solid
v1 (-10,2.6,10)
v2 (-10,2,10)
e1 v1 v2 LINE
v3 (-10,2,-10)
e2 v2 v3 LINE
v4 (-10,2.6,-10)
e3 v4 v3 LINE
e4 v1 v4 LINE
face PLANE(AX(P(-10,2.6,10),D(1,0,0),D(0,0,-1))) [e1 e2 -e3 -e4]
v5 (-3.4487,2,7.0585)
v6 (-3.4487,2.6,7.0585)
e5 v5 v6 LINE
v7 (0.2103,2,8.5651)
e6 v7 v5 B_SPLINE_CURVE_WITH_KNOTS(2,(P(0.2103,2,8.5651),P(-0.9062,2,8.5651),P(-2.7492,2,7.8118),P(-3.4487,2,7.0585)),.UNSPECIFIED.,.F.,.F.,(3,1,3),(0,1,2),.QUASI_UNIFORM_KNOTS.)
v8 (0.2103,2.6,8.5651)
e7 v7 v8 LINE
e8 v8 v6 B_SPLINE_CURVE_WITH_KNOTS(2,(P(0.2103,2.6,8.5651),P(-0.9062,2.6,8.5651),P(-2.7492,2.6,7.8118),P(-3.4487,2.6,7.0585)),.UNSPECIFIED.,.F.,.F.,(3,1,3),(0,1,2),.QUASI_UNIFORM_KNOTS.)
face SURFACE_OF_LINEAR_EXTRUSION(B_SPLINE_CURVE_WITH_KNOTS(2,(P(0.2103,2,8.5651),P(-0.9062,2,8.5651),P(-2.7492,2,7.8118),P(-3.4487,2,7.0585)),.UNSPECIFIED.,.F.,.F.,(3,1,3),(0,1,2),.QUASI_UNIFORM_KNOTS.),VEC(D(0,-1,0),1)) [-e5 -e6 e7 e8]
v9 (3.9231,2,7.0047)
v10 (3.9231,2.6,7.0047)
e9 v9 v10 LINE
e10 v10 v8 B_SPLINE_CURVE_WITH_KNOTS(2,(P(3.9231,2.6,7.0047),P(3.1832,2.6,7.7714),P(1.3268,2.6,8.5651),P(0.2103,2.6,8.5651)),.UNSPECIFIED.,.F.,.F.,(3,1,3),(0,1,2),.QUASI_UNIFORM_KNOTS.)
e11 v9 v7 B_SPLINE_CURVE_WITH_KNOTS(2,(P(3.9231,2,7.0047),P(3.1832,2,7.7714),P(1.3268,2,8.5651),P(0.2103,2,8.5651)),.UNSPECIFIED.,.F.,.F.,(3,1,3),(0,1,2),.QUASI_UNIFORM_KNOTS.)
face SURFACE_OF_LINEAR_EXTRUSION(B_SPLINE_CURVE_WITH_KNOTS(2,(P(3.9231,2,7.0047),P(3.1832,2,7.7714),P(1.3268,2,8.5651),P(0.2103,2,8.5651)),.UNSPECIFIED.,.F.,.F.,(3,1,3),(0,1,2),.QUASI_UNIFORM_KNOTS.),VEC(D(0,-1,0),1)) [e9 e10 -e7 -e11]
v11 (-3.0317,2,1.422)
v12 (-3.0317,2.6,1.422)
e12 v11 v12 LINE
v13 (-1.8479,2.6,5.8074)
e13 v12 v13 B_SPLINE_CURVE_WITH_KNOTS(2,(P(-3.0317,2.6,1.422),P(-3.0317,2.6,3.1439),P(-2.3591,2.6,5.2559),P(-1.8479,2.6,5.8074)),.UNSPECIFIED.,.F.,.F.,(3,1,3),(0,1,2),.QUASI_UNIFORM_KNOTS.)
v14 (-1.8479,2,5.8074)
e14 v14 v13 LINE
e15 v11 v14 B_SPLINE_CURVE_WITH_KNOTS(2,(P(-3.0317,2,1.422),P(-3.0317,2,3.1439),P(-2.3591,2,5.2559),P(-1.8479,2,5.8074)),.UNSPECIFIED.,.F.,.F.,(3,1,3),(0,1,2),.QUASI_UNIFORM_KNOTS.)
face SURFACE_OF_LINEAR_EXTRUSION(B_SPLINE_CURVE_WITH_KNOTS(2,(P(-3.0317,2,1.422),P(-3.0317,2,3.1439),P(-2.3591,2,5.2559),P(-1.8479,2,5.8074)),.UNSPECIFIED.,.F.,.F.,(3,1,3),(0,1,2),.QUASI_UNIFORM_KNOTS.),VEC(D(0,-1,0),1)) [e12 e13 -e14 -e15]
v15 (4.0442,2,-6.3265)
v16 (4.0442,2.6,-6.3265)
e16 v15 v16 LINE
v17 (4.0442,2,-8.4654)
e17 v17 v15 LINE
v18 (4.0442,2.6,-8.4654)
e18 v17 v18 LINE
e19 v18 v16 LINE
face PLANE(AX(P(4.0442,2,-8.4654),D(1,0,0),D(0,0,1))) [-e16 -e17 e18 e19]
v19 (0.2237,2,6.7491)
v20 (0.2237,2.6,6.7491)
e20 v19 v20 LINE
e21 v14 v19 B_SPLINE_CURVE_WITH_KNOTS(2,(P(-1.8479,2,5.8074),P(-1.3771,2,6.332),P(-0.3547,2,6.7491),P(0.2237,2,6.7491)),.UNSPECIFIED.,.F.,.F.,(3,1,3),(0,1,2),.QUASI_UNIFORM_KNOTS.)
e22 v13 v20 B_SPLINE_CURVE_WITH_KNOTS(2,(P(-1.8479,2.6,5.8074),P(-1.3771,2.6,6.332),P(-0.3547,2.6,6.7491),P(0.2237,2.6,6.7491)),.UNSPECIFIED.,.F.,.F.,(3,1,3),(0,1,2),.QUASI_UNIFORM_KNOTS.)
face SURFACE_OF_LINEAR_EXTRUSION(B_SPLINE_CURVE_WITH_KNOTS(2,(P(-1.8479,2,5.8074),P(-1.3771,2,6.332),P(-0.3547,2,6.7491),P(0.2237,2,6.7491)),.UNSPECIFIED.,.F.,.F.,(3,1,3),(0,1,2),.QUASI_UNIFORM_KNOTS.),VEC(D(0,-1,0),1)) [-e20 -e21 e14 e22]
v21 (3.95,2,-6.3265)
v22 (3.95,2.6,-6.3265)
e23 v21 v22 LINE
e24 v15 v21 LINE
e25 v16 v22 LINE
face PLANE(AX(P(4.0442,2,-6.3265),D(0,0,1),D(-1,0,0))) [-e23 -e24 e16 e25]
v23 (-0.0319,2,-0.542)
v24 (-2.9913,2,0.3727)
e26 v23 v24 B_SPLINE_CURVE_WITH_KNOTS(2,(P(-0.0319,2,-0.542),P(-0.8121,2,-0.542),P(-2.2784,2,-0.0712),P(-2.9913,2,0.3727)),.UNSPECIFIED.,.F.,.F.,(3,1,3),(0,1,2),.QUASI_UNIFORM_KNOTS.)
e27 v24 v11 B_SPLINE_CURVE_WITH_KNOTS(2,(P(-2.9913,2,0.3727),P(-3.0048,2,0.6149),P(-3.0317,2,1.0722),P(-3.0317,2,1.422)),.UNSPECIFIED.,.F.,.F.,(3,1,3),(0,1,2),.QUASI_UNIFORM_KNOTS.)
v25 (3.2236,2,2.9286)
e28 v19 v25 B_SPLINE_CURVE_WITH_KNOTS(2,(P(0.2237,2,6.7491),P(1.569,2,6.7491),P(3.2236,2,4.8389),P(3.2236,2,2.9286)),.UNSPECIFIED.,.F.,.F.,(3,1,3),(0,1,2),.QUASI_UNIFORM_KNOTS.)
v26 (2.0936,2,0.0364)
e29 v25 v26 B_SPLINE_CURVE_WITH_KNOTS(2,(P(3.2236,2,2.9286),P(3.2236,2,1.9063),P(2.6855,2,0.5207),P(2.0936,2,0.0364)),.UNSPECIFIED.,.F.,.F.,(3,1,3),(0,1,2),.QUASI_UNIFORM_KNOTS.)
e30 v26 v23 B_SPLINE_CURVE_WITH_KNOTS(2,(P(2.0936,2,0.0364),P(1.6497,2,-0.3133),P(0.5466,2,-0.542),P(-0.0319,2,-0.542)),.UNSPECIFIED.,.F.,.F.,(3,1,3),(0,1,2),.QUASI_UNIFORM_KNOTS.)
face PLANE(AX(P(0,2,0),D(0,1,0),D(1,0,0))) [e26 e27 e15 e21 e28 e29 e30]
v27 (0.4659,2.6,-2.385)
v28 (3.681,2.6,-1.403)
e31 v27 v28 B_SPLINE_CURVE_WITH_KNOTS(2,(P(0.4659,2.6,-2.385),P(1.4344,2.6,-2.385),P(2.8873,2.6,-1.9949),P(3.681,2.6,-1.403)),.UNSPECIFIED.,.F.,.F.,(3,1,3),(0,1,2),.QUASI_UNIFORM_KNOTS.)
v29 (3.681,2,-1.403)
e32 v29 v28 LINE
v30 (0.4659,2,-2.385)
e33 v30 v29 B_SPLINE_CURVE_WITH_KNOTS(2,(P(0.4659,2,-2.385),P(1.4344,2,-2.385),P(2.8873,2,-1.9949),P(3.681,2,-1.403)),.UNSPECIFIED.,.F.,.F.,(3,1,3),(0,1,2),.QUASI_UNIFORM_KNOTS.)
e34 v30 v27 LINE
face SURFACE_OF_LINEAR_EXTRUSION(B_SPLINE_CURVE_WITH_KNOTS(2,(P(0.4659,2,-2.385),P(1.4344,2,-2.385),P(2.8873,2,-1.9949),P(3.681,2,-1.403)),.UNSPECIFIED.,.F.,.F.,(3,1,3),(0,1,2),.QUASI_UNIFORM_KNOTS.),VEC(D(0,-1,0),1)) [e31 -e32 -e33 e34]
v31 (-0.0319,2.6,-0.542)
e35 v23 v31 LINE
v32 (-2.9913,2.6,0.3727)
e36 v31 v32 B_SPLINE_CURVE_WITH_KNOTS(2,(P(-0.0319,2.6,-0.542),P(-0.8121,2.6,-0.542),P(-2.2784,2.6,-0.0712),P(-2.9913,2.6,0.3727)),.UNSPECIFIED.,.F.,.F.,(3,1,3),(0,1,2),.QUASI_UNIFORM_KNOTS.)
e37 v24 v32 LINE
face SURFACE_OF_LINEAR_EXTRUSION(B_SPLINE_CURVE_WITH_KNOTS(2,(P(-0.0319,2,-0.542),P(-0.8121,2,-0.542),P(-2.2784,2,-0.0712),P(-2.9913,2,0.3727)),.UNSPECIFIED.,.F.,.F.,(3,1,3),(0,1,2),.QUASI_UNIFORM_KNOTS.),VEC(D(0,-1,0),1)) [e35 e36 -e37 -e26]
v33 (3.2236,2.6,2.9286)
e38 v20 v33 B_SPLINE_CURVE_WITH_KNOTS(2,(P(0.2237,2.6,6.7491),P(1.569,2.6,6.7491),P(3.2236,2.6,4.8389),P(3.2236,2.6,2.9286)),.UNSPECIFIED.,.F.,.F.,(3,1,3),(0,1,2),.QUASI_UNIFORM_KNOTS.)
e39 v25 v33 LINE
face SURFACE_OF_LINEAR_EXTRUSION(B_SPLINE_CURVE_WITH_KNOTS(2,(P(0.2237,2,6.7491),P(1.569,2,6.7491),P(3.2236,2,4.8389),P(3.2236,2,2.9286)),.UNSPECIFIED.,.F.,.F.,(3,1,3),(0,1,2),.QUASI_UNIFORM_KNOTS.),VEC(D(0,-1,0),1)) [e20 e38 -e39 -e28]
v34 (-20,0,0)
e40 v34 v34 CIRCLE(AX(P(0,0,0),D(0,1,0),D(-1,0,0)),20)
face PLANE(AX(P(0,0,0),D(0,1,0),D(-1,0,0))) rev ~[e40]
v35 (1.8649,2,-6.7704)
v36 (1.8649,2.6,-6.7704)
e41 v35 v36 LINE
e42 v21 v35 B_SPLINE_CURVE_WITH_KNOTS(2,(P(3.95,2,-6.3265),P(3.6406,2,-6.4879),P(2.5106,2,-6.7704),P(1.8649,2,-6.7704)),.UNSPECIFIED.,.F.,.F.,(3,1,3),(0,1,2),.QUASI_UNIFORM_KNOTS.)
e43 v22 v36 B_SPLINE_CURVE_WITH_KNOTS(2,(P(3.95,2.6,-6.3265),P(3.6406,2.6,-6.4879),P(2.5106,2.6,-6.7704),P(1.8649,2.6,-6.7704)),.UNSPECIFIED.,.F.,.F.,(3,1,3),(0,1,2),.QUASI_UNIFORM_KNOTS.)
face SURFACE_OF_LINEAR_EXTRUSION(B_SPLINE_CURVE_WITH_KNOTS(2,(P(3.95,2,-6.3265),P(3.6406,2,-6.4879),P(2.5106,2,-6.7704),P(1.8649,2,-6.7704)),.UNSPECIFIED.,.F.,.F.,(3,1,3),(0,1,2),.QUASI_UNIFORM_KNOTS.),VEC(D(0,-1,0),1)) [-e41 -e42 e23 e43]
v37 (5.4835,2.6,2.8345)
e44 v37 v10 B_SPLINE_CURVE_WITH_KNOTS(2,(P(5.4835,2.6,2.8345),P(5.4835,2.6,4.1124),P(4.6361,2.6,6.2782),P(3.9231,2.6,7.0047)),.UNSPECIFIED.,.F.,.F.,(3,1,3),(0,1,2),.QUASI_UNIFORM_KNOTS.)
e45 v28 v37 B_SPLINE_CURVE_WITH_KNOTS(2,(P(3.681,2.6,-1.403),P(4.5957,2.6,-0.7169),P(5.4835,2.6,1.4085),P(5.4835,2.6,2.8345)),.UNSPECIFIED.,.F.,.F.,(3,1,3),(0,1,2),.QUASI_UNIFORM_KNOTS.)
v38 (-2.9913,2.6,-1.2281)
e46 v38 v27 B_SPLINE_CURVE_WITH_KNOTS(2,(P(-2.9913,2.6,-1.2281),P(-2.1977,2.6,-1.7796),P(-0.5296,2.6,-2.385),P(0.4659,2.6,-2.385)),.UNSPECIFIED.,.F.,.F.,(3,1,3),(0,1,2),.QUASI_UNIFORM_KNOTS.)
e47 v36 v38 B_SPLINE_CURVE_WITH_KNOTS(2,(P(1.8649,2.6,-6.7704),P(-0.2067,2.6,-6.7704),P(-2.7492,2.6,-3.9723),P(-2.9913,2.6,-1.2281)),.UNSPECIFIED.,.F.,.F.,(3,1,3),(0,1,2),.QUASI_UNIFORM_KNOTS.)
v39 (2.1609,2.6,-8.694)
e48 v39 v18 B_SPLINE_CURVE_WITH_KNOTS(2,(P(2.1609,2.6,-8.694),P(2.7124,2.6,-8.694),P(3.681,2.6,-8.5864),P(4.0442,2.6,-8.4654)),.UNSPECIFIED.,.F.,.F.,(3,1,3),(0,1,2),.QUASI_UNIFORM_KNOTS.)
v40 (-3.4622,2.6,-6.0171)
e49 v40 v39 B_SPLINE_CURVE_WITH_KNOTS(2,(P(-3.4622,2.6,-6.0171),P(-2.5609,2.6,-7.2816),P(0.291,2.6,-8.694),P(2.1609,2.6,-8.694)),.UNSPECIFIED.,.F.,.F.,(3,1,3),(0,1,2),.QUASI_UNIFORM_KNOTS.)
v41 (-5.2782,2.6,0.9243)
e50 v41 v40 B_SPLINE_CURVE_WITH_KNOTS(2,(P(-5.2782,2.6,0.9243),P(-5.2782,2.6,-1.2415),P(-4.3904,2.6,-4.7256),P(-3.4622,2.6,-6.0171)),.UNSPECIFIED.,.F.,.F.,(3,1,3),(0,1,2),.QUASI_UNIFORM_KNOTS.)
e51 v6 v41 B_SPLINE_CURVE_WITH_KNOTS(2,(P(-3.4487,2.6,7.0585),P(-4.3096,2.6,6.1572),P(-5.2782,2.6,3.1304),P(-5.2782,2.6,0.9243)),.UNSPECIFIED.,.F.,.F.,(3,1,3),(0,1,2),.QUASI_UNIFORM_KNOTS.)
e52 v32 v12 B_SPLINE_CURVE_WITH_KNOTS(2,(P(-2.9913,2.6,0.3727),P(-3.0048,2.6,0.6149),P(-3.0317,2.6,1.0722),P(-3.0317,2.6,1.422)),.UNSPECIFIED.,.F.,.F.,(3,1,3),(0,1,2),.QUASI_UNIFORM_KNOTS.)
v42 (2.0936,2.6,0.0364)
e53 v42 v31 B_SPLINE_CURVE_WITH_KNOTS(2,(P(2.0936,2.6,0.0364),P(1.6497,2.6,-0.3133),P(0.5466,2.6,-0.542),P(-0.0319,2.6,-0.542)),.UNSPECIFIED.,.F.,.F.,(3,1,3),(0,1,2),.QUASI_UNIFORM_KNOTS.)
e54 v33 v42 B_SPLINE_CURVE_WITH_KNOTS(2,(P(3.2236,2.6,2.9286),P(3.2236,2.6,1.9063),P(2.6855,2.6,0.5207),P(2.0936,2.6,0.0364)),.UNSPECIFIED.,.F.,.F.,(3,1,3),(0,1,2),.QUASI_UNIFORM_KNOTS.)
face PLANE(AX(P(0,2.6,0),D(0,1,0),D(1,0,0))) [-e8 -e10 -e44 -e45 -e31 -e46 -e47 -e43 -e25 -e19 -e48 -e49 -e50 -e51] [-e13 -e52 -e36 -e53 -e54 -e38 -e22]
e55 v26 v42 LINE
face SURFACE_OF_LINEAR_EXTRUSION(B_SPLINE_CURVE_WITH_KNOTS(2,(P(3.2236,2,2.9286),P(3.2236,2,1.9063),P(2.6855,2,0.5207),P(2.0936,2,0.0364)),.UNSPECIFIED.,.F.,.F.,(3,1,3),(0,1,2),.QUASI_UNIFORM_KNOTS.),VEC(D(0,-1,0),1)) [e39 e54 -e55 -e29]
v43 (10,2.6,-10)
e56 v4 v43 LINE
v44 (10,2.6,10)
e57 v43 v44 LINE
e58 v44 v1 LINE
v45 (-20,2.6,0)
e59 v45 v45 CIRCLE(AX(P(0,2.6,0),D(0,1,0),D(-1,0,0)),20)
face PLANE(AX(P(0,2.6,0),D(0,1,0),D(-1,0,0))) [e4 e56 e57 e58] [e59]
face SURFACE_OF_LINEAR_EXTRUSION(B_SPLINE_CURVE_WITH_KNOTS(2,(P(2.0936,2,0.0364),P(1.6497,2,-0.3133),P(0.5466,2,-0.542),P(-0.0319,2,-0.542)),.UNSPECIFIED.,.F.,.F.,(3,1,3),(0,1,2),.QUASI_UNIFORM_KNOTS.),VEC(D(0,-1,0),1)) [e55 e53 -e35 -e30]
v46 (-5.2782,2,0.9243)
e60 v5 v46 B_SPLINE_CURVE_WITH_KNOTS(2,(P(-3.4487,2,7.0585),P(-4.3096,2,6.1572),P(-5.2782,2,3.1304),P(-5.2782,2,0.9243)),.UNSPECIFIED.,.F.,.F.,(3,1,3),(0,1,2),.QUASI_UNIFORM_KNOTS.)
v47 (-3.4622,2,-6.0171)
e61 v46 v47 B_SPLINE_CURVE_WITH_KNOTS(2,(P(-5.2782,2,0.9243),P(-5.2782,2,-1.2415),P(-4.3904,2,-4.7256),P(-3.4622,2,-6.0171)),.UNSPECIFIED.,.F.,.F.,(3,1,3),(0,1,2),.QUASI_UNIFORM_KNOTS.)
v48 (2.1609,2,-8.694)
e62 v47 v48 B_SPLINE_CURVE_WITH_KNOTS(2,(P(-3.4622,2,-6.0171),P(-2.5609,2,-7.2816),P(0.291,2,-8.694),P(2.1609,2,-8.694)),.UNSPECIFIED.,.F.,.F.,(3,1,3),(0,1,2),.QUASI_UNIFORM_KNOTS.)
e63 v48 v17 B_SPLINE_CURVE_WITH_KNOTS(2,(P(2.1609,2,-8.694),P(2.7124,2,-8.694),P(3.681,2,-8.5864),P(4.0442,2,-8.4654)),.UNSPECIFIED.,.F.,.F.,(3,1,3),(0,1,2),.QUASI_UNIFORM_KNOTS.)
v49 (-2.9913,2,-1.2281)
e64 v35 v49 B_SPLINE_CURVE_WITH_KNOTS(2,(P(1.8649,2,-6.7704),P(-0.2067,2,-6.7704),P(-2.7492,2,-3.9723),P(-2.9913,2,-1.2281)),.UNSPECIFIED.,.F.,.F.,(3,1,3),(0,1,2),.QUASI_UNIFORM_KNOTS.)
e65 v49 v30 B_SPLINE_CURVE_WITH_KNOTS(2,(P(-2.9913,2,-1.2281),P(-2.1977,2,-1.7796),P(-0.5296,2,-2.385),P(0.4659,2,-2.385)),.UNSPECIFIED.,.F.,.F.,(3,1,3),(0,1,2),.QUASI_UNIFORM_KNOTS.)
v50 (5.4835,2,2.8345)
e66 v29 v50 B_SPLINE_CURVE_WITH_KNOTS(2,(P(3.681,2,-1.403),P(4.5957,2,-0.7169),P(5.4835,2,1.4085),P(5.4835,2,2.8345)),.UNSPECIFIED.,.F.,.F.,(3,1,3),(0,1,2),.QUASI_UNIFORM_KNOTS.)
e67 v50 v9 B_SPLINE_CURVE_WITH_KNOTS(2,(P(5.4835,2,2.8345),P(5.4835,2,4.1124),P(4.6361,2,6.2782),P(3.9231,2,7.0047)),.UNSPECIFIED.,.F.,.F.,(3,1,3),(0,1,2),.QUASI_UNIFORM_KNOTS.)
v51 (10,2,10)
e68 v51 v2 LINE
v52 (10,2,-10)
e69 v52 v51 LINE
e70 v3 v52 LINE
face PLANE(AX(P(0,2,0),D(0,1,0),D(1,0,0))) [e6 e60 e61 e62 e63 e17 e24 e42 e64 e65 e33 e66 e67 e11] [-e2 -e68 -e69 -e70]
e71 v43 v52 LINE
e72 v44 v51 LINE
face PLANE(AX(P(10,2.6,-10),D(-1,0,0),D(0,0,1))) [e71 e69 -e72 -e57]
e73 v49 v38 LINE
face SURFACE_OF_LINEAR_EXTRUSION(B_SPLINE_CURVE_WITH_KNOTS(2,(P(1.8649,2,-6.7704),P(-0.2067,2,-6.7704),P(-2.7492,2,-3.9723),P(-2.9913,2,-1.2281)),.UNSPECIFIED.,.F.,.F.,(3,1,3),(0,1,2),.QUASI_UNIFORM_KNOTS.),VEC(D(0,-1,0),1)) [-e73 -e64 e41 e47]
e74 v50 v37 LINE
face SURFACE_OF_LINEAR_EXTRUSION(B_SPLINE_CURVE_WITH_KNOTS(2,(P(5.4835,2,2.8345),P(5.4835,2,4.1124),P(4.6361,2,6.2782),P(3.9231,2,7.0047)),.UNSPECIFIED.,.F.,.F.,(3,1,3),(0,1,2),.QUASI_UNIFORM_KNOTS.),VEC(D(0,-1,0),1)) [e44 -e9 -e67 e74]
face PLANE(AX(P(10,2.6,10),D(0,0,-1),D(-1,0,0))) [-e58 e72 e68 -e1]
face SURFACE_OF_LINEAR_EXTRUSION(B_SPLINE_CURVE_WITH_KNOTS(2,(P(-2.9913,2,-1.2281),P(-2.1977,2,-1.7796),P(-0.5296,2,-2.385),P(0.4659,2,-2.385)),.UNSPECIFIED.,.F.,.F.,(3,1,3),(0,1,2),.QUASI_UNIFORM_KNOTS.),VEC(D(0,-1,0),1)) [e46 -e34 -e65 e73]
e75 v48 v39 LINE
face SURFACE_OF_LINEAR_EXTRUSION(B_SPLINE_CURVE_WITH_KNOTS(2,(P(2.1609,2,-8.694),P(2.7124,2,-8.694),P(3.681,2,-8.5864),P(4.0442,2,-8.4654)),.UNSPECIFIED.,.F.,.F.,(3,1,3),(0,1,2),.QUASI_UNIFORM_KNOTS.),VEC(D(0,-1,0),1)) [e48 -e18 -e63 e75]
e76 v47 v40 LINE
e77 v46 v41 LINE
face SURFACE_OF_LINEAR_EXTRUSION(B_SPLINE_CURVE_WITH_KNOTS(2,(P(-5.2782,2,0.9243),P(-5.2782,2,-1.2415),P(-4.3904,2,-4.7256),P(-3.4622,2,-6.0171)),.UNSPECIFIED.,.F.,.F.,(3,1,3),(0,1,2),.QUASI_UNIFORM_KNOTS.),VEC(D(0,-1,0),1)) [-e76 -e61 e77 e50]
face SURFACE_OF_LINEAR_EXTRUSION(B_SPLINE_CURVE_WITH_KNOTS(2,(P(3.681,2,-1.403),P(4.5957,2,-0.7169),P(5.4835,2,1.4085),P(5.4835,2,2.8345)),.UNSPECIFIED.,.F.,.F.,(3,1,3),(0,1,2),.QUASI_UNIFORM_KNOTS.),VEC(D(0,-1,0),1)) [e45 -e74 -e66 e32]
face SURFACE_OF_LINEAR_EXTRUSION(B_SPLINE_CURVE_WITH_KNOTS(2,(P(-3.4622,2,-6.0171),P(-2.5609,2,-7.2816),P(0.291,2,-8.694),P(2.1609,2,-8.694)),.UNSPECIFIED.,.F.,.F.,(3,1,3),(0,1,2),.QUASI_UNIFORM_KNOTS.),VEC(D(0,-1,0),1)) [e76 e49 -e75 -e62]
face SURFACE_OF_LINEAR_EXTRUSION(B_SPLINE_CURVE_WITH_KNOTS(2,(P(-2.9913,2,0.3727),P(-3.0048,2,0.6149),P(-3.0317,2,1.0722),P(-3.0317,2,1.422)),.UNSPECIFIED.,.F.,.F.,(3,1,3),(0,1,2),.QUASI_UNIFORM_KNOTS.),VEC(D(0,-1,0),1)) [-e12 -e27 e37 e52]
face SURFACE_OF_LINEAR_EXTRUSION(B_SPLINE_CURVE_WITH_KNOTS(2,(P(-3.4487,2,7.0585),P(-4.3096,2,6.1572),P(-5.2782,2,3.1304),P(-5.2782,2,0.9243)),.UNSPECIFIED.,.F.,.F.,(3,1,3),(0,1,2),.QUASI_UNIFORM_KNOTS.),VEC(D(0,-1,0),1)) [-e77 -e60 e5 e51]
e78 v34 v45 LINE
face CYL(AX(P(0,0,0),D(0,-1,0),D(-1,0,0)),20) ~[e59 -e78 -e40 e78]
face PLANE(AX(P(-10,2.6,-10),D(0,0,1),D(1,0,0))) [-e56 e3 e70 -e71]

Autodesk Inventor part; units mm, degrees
ref_plane "YZ Plane" through (0, 0, 0) normal (1, 0, 0) x (0, 1, 0)
ref_plane "XZ Plane" through (0, 0, 0) normal (0, 1, 0) x (-1, 0, 0)
ref_plane "XY Plane" through (0, 0, 0) normal (0, 0, 1) x (1, 0, 0)
sketch "Sketch1" plane through (0, 0, 0) normal (0, 1, 0) x (-1, 0, 0)
  circle A0 centre (0, 0) radius 20
  dimension "d0" = 40
extrude "Extrusion1" add sketch "Sketch1" along normal blind 2.6
sketch "Sketch2" plane through (0, 2.6, 0) normal (0, 1, 0) x (1, 0, 0)
  line L0 (10, -10) -> (-10, -10)
  line L1 (-10, -10) -> (-10, 10)
  line L2 (-10, 10) -> (10, 10)
  line L3 (10, 10) -> (10, -10)
  line L4 (10, -10) -> (-10, 10) construction
  line L5 (-10, -10) -> (10, 10) construction
  point P0 (0, 0)
  dimension "d3" = 20
  dimension "d4" = 20
extrude "Extrusion2" cut sketch "Sketch2" against normal blind 0.6
sketch "Sketch4" plane through (0, 2, 0) normal (0, 1, 0) x (1, 0, 0)
  line L0 (-6.2199, 8.694) -> (6.2369, 8.694) construction
  line L1 (6.2369, 8.694) -> (6.2369, -8.5651) construction
  line L2 (6.2369, -8.5651) -> (-6.2199, -8.5651) construction
  line L3 (-6.2199, -8.5651) -> (-6.2199, 8.694) construction
  spline S0 degree 2 poles (5.4835, -2.8345) (5.4835, -4.1124) (4.6361, -6.2782) (3.9231, -7.0047) knots 0 0 0 1 2 2 2
  spline S1 degree 2 poles (3.9231, -7.0047) (3.1832, -7.7714) (1.3268, -8.5651) (0.2103, -8.5651) knots 0 0 0 1 2 2 2
  spline S2 degree 2 poles (0.2103, -8.5651) (-0.9062, -8.5651) (-2.7492, -7.8118) (-3.4487, -7.0585) knots 0 0 0 1 2 2 2
  spline S3 degree 2 poles (-3.4487, -7.0585) (-4.3096, -6.1572) (-5.2782, -3.1304) (-5.2782, -0.9243) knots 0 0 0 1 2 2 2
  spline S4 degree 2 poles (-5.2782, -0.9243) (-5.2782, 1.2415) (-4.3904, 4.7256) (-3.4622, 6.0171) knots 0 0 0 1 2 2 2
  spline S5 degree 2 poles (-3.4622, 6.0171) (-2.5609, 7.2816) (0.291, 8.694) (2.1609, 8.694) knots 0 0 0 1 2 2 2
  spline S6 degree 2 poles (2.1609, 8.694) (2.7124, 8.694) (3.681, 8.5864) (4.0442, 8.4654) knots 0 0 0 1 2 2 2
  line L4 (4.0442, 8.4654) -> (4.0442, 6.3265)
  line L5 (4.0442, 6.3265) -> (3.95, 6.3265)
  spline S7 degree 2 poles (3.95, 6.3265) (3.6406, 6.4879) (2.5106, 6.7704) (1.8649, 6.7704) knots 0 0 0 1 2 2 2
  spline S8 degree 2 poles (1.8649, 6.7704) (-0.2067, 6.7704) (-2.7492, 3.9723) (-2.9913, 1.2281) knots 0 0 0 1 2 2 2
  spline S9 degree 2 poles (-2.9913, 1.2281) (-2.1977, 1.7796) (-0.5296, 2.385) (0.4659, 2.385) knots 0 0 0 1 2 2 2
  spline S10 degree 2 poles (0.4659, 2.385) (1.4344, 2.385) (2.8873, 1.9949) (3.681, 1.403) knots 0 0 0 1 2 2 2
  spline S11 degree 2 poles (3.681, 1.403) (4.5957, 0.7169) (5.4835, -1.4085) (5.4835, -2.8345) knots 0 0 0 1 2 2 2
  spline S12 degree 2 poles (3.2236, -2.9286) (3.2236, -1.9063) (2.6855, -0.5207) (2.0936, -0.0364) knots 0 0 0 1 2 2 2
  spline S13 degree 2 poles (2.0936, -0.0364) (1.6497, 0.3133) (0.5466, 0.542) (-0.0319, 0.542) knots 0 0 0 1 2 2 2
  spline S14 degree 2 poles (-0.0319, 0.542) (-0.8121, 0.542) (-2.2784, 0.0712) (-2.9913, -0.3727) knots 0 0 0 1 2 2 2
  spline S15 degree 2 poles (-2.9913, -0.3727) (-3.0048, -0.6149) (-3.0317, -1.0722) (-3.0317, -1.422) knots 0 0 0 1 2 2 2
  spline S16 degree 2 poles (-3.0317, -1.422) (-3.0317, -3.1439) (-2.3591, -5.2559) (-1.8479, -5.8074) knots 0 0 0 1 2 2 2
  spline S17 degree 2 poles (-1.8479, -5.8074) (-1.3771, -6.332) (-0.3547, -6.7491) (0.2237, -6.7491) knots 0 0 0 1 2 2 2
  spline S18 degree 2 poles (0.2237, -6.7491) (1.569, -6.7491) (3.2236, -4.8389) (3.2236, -2.9286) knots 0 0 0 1 2 2 2
  point P0 (0, 0)
extrude "Extrusion4" add sketch "Sketch4" along normal blind 0.6
properties part number "TopMarker1"
